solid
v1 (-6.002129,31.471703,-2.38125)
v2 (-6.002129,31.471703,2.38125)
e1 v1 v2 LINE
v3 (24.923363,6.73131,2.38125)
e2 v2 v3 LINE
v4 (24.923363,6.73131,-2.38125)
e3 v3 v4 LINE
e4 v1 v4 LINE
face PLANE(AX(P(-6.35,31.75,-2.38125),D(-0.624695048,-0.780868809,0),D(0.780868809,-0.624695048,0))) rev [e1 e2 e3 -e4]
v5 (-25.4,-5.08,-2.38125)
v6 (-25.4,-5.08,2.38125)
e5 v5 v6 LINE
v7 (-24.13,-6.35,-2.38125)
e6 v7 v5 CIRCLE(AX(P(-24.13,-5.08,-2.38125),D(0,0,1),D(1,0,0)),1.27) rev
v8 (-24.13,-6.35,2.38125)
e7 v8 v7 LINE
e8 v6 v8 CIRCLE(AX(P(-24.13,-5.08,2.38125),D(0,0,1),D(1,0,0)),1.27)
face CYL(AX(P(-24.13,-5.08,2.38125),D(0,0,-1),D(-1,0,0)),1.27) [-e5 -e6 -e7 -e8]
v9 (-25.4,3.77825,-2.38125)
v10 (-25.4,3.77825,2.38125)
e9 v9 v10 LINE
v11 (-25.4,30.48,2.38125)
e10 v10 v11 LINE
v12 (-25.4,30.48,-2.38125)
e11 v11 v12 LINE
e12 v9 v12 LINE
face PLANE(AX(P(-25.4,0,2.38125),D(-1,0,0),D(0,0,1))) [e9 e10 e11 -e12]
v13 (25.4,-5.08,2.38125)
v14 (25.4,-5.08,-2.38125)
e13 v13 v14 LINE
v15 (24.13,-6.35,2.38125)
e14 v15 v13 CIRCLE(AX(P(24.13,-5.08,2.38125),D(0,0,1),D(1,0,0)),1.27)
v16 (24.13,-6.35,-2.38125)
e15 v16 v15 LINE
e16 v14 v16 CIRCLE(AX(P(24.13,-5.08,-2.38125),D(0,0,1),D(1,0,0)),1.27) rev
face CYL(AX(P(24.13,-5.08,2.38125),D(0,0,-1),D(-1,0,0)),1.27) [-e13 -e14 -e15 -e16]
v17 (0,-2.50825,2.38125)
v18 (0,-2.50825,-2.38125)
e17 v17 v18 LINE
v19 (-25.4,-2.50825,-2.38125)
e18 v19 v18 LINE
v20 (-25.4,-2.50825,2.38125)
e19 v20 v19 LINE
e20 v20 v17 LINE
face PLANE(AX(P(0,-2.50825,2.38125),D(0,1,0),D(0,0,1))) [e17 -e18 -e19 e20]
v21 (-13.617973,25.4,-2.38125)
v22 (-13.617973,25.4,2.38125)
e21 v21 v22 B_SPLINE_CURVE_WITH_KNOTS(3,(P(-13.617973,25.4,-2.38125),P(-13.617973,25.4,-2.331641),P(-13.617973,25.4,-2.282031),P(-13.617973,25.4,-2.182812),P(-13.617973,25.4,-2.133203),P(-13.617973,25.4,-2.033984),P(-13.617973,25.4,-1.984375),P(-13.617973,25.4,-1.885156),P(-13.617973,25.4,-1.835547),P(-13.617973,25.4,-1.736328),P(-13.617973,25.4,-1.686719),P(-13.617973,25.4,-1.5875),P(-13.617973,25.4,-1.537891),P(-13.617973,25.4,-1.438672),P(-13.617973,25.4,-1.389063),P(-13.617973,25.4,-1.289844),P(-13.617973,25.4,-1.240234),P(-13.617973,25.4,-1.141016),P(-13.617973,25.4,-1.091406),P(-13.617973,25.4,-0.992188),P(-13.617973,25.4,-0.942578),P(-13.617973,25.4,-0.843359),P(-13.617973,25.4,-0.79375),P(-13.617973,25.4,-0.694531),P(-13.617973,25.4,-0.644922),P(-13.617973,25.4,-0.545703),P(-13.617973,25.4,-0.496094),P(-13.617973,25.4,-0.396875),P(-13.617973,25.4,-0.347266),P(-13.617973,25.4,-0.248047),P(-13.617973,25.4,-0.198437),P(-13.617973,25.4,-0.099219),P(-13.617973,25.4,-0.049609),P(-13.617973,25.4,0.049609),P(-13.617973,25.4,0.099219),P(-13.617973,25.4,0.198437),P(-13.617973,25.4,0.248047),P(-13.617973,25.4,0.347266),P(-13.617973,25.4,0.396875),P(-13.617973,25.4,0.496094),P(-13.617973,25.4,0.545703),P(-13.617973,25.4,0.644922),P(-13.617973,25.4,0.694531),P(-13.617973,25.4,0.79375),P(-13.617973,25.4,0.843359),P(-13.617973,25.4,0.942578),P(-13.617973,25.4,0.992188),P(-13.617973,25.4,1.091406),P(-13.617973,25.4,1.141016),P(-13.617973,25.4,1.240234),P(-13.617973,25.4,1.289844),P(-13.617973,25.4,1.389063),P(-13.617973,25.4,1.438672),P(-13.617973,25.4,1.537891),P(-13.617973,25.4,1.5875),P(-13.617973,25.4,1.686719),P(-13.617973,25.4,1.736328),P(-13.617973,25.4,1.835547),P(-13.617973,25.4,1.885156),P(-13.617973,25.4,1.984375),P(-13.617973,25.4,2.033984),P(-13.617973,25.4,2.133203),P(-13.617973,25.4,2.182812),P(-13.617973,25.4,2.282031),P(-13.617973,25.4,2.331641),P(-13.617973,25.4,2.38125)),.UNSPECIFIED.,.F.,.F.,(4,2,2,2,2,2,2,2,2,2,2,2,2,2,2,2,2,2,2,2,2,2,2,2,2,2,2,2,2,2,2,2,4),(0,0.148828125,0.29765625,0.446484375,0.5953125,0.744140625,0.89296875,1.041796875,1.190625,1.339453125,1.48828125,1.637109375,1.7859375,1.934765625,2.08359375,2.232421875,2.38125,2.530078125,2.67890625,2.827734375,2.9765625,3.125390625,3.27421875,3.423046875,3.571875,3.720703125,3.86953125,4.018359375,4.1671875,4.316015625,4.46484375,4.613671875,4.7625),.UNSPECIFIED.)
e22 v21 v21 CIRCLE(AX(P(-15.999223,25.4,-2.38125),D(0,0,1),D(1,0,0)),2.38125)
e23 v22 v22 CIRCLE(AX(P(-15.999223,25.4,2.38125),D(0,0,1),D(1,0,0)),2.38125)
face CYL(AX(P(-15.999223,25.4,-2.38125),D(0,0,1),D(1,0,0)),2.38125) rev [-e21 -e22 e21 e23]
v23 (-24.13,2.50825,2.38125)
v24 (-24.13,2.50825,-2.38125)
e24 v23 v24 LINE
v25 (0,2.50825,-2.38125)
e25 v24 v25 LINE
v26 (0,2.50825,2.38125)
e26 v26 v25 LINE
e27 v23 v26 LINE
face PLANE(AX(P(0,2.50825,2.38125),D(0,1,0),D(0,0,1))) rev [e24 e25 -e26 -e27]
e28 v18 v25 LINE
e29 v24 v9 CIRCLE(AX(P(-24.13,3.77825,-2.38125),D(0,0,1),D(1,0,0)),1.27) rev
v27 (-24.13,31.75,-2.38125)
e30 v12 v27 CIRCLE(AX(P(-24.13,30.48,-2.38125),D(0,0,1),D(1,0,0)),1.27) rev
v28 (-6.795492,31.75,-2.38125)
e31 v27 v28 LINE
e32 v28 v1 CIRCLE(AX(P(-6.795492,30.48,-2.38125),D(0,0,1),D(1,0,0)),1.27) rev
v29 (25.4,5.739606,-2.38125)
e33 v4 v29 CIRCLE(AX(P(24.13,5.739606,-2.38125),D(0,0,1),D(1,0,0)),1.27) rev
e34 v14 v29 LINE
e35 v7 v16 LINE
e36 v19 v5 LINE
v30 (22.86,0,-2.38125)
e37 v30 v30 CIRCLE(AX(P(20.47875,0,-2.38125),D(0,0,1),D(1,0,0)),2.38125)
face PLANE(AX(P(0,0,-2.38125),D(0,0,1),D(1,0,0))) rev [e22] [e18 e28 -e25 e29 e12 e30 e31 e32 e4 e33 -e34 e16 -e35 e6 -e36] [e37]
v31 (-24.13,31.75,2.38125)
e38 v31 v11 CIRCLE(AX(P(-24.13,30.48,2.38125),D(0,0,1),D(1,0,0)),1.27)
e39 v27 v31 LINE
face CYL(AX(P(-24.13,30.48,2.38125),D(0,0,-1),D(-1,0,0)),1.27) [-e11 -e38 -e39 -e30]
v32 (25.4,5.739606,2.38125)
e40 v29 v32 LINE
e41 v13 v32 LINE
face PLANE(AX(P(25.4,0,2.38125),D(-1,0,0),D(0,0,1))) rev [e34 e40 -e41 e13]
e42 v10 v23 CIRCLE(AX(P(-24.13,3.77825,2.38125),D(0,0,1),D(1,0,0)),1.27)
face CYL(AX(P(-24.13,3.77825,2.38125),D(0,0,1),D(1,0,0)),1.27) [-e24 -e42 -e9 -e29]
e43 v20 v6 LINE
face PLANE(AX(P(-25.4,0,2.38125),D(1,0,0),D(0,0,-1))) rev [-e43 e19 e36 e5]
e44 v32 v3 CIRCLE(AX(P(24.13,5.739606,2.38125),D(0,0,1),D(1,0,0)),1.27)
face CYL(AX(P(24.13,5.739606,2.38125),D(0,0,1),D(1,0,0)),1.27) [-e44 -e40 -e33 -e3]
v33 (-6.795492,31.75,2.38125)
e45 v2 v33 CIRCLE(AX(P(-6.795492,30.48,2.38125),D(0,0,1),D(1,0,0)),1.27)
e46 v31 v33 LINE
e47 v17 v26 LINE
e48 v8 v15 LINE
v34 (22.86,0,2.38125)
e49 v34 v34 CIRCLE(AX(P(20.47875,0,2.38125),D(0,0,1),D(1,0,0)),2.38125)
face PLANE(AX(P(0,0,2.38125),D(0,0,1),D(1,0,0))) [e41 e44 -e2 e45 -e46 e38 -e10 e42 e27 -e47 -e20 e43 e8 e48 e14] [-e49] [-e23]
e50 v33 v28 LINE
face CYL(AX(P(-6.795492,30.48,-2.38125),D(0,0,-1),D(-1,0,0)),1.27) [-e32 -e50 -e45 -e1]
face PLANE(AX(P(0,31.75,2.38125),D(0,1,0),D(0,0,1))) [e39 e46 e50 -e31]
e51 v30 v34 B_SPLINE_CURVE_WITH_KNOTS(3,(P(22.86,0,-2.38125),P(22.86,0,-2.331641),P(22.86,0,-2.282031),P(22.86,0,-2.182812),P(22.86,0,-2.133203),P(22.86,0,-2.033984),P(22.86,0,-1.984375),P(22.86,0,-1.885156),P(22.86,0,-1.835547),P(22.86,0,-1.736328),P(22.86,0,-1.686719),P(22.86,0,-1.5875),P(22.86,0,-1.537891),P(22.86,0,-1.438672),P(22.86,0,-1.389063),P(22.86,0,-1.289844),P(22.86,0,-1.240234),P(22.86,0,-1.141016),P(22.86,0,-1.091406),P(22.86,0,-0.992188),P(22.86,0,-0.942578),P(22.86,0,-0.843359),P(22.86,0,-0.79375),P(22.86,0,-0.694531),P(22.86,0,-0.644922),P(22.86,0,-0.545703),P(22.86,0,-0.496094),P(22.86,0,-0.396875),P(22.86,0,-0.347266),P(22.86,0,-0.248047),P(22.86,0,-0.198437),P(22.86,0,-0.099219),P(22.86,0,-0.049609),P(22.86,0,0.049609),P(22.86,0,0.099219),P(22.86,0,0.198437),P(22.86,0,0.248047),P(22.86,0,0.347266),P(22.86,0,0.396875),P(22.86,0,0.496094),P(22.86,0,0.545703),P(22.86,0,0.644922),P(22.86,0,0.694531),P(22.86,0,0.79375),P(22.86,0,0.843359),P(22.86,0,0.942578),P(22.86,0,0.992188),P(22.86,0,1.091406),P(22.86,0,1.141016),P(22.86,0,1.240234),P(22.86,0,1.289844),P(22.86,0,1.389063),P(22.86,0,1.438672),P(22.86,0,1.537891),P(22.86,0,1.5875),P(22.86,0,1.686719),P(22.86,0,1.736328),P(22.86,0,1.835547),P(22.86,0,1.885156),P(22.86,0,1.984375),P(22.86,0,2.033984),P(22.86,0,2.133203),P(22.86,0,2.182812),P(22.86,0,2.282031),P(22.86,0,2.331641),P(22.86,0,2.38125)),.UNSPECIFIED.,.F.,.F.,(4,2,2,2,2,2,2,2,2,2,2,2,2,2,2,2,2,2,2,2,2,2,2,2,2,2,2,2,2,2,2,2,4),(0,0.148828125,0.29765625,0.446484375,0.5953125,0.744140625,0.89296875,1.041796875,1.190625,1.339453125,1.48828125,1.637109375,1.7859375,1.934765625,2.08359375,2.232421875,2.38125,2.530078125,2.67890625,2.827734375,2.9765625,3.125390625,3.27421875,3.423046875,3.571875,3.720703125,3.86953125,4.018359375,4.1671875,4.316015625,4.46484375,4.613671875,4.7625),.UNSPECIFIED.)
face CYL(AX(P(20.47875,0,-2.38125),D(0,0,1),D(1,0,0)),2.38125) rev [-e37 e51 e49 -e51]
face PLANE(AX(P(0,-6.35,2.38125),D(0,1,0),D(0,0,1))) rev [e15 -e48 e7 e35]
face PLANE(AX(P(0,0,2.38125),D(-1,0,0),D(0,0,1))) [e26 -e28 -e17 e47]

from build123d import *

# Parameters (mm, degrees)
SKETCH1_W           = 50.8
SKETCH1_H           = 25.4
BOSS_EXTRUDE1_DEPTH = 2.38125
SKETCH2_R           = 2.38125
CUT_EXTRUDE1_DEPTH  = 41.937805342
SKETCH3_R           = 2.38125
CUT_EXTRUDE2_DEPTH  = 41.937805342
CUT_EXTRUDE3_DEPTH  = 41.937805342
FILLET1_R           = 1.27


with BuildPart() as part:
    # Sketch1 → Boss-Extrude1 (new, symmetric)
    with BuildSketch(Plane.XY):
        with Locations((0, 19.05)):
            Rectangle(SKETCH1_W, SKETCH1_H)
        Polygon((25.4, 0), (0, 0), (0, -2.50825), (-25.4, -2.50825), (-25.4, -6.35), (25.4, -6.35), align=None)
        Polygon((-25.4, 6.35), (-25.4, 2.50825), (0, 2.50825), (0, 0), (25.4, 0), (25.4, 6.35), align=None)
    extrude(amount=BOSS_EXTRUDE1_DEPTH, both=True)

    # Sketch2 → Cut-Extrude1 (cut, through all)
    with BuildSketch(Plane.XY.offset(2.38125)):
        with Locations((20.47875, 0)):
            Circle(SKETCH2_R)
    extrude(amount=-CUT_EXTRUDE1_DEPTH, mode=Mode.SUBTRACT)

    # Sketch3 → Cut-Extrude2 (cut, through all)
    with BuildSketch(Plane.XY.offset(2.38125)):
        with Locations((-15.999222806, 25.4)):
            Circle(SKETCH3_R)
    extrude(amount=-CUT_EXTRUDE2_DEPTH, mode=Mode.SUBTRACT)

    # Sketch4 → Cut-Extrude3 (cut, through all)
    with BuildSketch(Plane.XY.offset(2.38125)):
        Polygon((-6.35, 31.75), (25.4, 6.35), (25.4, 31.75), align=None)
    extrude(amount=-CUT_EXTRUDE3_DEPTH, mode=Mode.SUBTRACT)

    # Fillet1
    fillet1_edges = [part.edges().sort_by_distance(p)[0] for p in [
        (-25.4, 31.75, 0),
        (25.4, -6.35, 0),
        (-25.4, -6.35, 0),
        (-25.4, 2.50825, 0),
        (-6.35, 31.75, 0),
        (25.4, 6.35, 0),
    ]]
    fillet(fillet1_edges, radius=FILLET1_R)


solid = part.part
